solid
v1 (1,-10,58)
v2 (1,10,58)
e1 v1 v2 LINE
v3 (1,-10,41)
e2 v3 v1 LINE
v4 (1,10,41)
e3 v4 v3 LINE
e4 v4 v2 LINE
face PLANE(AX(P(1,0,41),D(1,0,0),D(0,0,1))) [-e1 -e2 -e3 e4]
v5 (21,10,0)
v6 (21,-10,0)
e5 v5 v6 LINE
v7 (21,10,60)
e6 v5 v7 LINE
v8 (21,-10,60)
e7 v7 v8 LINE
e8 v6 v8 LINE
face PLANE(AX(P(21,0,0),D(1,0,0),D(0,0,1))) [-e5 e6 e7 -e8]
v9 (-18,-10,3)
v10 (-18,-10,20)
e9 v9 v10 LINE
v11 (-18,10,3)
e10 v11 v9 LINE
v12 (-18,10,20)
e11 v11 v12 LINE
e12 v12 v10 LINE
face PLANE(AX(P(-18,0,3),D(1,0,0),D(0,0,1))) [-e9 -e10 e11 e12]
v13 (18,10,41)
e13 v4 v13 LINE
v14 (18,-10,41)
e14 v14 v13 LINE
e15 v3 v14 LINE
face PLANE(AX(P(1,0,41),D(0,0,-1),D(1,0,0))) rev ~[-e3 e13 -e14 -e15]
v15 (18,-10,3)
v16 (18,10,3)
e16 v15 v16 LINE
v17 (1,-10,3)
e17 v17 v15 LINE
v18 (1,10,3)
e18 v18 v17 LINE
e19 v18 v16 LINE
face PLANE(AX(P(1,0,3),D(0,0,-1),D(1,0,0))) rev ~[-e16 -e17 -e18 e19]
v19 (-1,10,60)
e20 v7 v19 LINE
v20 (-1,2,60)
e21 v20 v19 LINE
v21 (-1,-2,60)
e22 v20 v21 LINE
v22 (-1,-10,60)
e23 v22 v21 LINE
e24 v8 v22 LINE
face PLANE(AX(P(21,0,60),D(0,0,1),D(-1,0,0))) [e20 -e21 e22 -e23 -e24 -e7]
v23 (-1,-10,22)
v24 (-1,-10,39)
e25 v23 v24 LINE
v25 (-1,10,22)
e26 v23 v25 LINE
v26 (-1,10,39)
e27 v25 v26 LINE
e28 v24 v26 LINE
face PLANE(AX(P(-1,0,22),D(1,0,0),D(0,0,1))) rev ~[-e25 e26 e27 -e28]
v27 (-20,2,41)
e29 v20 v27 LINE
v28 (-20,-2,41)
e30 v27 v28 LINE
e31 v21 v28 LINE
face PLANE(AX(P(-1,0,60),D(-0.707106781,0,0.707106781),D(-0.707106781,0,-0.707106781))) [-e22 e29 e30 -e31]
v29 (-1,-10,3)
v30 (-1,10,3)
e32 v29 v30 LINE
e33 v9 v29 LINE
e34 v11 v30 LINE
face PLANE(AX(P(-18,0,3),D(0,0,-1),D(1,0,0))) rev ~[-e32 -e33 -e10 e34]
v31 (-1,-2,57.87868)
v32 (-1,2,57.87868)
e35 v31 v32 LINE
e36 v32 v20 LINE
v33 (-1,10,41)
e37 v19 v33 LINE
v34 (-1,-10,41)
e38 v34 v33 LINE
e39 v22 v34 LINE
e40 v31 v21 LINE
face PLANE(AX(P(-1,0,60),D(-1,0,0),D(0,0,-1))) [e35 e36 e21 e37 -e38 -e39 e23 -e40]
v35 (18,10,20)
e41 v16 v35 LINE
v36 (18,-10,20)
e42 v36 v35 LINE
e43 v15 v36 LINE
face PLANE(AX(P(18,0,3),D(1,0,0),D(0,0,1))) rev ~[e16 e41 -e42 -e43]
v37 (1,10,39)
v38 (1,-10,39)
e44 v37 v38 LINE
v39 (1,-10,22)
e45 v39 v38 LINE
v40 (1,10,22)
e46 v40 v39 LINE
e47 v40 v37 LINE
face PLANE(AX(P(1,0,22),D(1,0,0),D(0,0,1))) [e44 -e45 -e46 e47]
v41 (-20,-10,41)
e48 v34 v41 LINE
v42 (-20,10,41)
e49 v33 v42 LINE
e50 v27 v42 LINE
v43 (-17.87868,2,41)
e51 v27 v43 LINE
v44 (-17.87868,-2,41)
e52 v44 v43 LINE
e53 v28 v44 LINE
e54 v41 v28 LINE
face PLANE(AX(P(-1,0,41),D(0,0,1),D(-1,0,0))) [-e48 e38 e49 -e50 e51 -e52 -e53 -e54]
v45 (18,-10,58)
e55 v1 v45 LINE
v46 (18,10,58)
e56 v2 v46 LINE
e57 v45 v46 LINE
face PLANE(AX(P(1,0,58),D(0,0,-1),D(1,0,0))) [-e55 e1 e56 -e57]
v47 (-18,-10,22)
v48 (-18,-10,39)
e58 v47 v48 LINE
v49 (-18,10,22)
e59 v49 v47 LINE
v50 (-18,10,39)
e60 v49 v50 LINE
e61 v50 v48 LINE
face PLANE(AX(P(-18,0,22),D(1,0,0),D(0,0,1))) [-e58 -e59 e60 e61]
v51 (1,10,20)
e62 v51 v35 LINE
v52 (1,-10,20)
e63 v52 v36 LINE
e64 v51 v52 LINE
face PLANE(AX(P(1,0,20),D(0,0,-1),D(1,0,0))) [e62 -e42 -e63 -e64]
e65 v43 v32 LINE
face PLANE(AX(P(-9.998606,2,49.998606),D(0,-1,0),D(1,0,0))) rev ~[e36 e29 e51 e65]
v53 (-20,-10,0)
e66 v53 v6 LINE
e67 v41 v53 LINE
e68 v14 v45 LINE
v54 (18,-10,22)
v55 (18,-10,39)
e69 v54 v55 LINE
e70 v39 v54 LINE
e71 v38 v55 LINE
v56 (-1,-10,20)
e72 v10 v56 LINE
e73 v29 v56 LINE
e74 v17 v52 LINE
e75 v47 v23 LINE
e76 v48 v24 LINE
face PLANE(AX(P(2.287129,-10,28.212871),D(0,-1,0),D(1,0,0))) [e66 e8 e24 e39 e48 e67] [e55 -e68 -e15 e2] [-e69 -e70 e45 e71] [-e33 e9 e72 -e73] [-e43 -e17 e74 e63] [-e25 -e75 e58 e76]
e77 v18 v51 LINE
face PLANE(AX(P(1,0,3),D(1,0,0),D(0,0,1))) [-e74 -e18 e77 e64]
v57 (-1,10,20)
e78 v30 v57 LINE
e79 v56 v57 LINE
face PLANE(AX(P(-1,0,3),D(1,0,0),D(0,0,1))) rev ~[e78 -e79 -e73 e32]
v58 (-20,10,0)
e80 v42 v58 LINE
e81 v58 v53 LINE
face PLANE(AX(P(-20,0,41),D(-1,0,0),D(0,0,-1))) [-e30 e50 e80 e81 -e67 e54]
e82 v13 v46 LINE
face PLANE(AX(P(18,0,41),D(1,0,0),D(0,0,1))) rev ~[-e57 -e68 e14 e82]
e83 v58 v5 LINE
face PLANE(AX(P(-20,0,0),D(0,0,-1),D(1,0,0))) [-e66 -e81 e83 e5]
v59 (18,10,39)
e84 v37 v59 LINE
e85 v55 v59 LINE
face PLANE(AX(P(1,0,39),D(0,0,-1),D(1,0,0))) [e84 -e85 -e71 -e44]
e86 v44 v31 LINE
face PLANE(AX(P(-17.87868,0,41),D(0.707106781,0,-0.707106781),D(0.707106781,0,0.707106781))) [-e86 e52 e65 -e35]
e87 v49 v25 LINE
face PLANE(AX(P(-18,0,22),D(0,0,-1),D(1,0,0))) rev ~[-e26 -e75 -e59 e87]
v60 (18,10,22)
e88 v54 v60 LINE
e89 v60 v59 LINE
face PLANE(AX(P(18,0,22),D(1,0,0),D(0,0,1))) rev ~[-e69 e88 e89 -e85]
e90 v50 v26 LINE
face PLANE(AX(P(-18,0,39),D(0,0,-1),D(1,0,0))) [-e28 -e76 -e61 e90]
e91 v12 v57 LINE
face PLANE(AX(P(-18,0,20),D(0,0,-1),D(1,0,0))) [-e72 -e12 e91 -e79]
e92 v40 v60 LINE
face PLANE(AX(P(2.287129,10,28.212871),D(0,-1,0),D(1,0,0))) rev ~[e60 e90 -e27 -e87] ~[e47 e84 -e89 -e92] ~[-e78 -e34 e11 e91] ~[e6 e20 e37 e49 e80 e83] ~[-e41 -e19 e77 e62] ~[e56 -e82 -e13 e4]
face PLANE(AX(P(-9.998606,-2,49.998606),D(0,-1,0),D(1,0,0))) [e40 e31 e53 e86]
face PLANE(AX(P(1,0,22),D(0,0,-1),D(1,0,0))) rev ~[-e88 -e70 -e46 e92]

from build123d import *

# Parameters (mm, degrees)
F0_W     = 17
F0_H     = 17
F1_DEPTH = 10
F3_DEPTH = 2


with BuildPart() as f1:
    # F0 (on Front) → F1 (new body, symmetric)
    with BuildSketch(Plane.XZ):
        Polygon((-20, 41), (-20, 0), (21, 0), (21, 60), (-1, 60), (-1, 41), align=None)
        with Locations((-9.5, 11.5)):
            Rectangle(F0_W, F0_H, mode=Mode.SUBTRACT)
        with Locations((9.5, 11.5)):
            Rectangle(F0_W, F0_H, mode=Mode.SUBTRACT)
        with Locations((-9.5, 30.5)):
            Rectangle(F0_W, F0_H, mode=Mode.SUBTRACT)
        with Locations((9.5, 30.5)):
            Rectangle(F0_W, F0_H, mode=Mode.SUBTRACT)
        with Locations((9.5, 49.5)):
            Rectangle(F0_W, F0_H, mode=Mode.SUBTRACT)
    extrude(amount=F1_DEPTH, both=True)

    # F2 (on Front) → F3 (join, symmetric)
    with BuildSketch(Plane.XZ):
        Polygon((-1, 57.87868), (-1, 60), (-20, 41), (-17.87868, 41), align=None)
    extrude(amount=F3_DEPTH, both=True)


solid = f1.part
